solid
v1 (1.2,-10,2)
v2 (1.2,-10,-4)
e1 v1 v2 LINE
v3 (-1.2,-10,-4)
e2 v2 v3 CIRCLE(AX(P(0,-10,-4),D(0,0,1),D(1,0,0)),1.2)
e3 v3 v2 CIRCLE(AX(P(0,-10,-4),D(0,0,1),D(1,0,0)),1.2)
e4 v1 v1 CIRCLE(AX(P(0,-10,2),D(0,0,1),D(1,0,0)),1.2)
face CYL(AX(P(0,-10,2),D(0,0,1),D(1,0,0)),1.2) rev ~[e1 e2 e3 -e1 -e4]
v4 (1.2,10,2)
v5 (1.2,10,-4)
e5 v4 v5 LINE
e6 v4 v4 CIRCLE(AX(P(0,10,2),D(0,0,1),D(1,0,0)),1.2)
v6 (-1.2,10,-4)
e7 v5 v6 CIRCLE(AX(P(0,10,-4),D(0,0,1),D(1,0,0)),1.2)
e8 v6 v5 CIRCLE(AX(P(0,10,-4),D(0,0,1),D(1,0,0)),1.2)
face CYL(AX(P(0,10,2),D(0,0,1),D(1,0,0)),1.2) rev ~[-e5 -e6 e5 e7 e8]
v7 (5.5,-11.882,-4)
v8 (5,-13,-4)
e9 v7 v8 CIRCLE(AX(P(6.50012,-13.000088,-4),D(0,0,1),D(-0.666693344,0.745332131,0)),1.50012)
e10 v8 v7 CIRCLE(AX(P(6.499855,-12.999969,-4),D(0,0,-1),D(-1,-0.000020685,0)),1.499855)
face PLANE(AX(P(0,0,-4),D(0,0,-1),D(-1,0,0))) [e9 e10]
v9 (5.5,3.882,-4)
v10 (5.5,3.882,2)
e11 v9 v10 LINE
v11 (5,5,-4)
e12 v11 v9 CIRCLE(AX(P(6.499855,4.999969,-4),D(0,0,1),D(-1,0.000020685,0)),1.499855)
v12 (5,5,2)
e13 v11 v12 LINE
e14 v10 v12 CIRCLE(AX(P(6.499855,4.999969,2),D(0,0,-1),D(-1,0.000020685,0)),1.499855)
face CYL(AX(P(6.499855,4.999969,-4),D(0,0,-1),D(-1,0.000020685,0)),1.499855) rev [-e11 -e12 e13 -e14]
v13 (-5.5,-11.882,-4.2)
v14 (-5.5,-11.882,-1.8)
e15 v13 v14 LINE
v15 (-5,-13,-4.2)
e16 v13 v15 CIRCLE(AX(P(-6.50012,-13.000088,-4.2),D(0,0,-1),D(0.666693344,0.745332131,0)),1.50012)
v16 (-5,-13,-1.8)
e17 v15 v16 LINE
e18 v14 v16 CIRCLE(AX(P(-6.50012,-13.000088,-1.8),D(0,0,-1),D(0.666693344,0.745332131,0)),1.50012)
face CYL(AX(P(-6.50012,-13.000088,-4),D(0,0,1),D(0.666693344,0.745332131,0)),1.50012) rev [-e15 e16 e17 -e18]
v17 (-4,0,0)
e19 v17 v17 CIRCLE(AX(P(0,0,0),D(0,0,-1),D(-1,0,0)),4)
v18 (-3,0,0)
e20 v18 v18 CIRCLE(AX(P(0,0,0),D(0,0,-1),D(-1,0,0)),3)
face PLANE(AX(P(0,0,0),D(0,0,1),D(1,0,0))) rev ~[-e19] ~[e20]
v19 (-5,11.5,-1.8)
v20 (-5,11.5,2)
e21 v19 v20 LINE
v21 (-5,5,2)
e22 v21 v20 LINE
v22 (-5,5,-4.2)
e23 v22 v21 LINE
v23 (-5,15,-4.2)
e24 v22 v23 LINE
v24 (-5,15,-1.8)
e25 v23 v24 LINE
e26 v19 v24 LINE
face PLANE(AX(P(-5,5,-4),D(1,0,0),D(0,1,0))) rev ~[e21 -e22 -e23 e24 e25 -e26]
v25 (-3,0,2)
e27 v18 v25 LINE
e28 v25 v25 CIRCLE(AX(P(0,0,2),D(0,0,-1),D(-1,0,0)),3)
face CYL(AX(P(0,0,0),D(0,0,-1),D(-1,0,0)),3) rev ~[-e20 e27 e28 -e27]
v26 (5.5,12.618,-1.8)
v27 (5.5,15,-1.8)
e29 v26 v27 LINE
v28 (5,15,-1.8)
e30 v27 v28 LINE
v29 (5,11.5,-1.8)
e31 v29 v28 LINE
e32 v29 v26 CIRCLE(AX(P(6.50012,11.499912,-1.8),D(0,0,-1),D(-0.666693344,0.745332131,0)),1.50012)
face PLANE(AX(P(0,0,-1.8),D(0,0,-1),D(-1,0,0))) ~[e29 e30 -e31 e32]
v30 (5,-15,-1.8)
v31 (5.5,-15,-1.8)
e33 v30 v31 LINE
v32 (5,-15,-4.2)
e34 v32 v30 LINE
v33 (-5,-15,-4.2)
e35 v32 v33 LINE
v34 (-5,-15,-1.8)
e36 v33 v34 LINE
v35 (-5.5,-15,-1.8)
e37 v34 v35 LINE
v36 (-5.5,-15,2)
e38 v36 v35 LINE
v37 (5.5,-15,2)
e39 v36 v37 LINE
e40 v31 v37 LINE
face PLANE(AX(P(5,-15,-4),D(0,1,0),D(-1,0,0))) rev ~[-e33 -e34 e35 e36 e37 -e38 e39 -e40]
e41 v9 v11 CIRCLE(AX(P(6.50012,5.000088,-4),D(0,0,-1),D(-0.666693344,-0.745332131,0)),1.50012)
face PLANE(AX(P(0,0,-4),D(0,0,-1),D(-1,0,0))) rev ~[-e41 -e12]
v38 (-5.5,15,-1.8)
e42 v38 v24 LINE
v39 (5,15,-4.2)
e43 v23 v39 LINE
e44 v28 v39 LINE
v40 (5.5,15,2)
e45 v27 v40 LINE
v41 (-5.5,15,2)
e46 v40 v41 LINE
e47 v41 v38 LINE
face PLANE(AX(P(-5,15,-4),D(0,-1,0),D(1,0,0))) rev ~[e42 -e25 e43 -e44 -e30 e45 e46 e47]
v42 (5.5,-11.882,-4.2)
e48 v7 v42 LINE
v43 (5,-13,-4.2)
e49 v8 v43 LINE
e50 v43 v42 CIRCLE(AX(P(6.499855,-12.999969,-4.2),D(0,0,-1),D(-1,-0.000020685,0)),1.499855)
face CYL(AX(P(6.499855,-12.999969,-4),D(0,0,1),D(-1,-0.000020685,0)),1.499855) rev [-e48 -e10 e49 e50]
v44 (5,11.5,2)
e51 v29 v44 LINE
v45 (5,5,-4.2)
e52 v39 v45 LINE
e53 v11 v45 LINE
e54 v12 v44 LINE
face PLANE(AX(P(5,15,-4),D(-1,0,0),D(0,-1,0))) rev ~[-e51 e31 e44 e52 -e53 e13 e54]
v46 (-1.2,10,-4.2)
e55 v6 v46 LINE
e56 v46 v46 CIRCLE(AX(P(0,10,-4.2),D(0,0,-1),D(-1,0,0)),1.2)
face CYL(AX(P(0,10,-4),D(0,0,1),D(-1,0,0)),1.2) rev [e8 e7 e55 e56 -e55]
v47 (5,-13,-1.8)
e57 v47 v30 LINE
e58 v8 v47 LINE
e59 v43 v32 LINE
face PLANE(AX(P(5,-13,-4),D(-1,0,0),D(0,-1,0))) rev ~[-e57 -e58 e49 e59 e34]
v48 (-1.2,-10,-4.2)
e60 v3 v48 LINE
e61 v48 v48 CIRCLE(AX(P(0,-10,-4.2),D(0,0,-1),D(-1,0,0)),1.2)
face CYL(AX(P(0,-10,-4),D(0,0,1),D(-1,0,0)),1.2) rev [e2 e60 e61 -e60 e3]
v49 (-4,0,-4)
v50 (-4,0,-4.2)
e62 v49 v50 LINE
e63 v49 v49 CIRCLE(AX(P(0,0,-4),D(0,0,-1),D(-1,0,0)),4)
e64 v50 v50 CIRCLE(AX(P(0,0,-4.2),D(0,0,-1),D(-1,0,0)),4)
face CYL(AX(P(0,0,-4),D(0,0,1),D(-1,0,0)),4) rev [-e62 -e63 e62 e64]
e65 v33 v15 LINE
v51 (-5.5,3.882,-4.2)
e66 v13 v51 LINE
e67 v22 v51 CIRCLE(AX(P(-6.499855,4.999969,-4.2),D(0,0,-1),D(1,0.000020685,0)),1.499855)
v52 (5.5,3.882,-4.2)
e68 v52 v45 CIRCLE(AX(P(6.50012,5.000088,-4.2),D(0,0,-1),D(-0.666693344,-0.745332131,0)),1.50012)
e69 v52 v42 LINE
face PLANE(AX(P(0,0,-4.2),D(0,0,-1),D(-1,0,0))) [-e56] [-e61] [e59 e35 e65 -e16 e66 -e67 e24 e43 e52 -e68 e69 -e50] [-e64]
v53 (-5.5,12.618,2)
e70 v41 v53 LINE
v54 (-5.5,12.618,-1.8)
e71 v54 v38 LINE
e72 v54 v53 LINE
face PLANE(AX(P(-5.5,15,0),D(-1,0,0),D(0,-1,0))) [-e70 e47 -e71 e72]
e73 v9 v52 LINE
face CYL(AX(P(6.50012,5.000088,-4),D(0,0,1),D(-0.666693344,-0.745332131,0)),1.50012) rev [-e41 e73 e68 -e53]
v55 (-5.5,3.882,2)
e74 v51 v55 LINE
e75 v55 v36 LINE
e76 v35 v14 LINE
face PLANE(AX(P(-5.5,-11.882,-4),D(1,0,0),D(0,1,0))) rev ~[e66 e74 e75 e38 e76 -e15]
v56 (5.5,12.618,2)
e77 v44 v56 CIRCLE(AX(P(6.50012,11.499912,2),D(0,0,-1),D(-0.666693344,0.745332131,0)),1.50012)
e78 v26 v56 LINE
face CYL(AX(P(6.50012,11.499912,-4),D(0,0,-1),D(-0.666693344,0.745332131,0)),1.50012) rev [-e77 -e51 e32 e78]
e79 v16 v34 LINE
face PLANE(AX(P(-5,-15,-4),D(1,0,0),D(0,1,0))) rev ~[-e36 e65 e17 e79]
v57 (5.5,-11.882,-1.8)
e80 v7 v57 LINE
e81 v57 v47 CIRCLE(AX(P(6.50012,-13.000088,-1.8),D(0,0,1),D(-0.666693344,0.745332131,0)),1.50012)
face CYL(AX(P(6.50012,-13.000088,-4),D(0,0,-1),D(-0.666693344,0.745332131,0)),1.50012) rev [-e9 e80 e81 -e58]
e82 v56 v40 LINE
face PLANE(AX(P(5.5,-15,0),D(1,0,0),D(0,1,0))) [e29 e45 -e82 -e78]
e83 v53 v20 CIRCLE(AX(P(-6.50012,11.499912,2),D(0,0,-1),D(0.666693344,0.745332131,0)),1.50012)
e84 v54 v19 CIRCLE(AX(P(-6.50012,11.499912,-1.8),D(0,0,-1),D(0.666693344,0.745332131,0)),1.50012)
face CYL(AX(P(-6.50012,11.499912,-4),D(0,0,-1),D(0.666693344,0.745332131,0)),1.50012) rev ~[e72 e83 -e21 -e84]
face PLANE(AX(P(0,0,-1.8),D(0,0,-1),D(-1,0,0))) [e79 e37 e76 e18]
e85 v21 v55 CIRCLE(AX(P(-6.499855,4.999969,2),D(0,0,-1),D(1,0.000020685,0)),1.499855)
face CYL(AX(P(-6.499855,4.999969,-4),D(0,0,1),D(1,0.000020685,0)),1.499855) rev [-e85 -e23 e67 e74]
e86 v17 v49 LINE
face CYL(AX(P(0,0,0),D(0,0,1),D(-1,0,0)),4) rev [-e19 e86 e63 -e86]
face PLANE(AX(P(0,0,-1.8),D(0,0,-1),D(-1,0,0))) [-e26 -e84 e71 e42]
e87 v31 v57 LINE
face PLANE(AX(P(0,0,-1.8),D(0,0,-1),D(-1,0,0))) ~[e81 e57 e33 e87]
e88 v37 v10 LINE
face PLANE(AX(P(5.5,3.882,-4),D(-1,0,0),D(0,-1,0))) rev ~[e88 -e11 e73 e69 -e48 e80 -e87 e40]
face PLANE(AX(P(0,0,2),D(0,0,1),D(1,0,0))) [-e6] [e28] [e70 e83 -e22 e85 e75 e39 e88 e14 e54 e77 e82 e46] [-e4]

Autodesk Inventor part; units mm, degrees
ref_plane "YZ Plane" through (0, 0, 0) normal (1, 0, 0) x (0, 1, 0)
ref_plane "XZ Plane" through (0, 0, 0) normal (0, 1, 0) x (-1, 0, 0)
ref_plane "XY Plane" through (0, 0, 0) normal (0, 0, 1) x (1, 0, 0)
sketch "Sketch1" plane through (0, 0, 0) normal (0, 0, 1) x (1, 0, 0)
  line L0 (-5.5, -15) -> (5.5, -15)
  line L1 (5.5, -15) -> (5.5, 15)
  line L2 (5.5, 15) -> (-5.5, 15)
  line L3 (-5.5, 15) -> (-5.5, -15)
  line L4 (-5.5, -15) -> (5.5, 15) construction
  line L5 (5.5, -15) -> (-5.5, 15) construction
  circle A0 centre (0, 0) radius 3 projected
  circle A1 centre (0, 0) radius 3.7 projected
  dimension "d0" = 5.5
  dimension "d1" = 15
extrude "Extrusion1" add sketch "Sketch1" along normal blind 2 contours L3 L2 L1 L0 | A0 | A1
sketch "Sketch2" plane through (0, 0, 0) normal (0, 0, -1) x (-1, 0, 0)
  line L0 (5.5, -15) -> (-5.5, -15) projected
  line L1 (5.5, 15) -> (5.5, -15) projected
  line L2 (-5.5, 15) -> (5.5, 15) projected
  line L3 (-5.5, -15) -> (-5.5, 15) projected
  circle A0 centre (0, 0) radius 4 projected
extrude "Extrusion2" add sketch "Sketch2" along normal blind 4
sketch "Sketch3" plane through (0, 0, 2) normal (0, 0, 1) x (1, 0, 0)
  line L0 (-5.5, -15) -> (5.5, -15) projected
  line L1 (5.5, 15) -> (-5.5, 15) projected
  circle A0 centre (0, 10) radius 1.2
  circle A1 centre (0, -10) radius 1.2
  dimension "d6" = 2.4
  dimension "d7" = 2.4
  dimension "d8" = 5
  dimension "d9" = 5
extrude "Extrusion3" cut sketch "Sketch3" against normal blind 10
sketch "Sketch6" plane through (0, 0, -4) normal (0, 0, -1) x (-1, 0, 0)
  line L0 (-5.5, -15) -> (5.5, -15) projected
  line L1 (5.5, -15) -> (5.5, 15) projected
  line L2 (-5.5, 15) -> (-5.5, -15) projected
  line L3 (5.5, 12) -> (5.5, 13.2929) projected
  line L4 (5.5, -15) -> (5.5, -13.7071) projected
  line L5 (5.5, 12) -> (-5.5, 12)
  arc A0 (5, 5) -> (5.5, 3.882) centre (6.5, 5) ccw
  line L6 (5, 11.5) -> (5, 5)
  arc A1 (5.5, -12.3842) -> (5, -13.7071) centre (7, -13.7071) ccw
  line L7 (5, -13.7071) -> (5, -15)
  arc A2 (5.5, 12.618) -> (5, 11.5) centre (6.5, 11.5) ccw
  line L8 (5.5, 15) -> (-5.5, 15) projected
  dimension "d23" = 3
  dimension "d25" = 4
  dimension "d38" = 10
  dimension "d39" = 3.5
  dimension "d40" = 0.5
  dimension "d41" = 1.5
sketch "Sketch7" plane through (0, 0, -4) normal (0, 0, -1) x (-1, 0, 0)
  arc A0 (5.5, 12.8229) -> (5, 11.5) centre (7, 11.5) ccw projected
  line L0 (5.5, 15) -> (-5.5, 15) projected
  line L1 (-5.5, -15) -> (5.5, -15) projected
  line L2 (5.5, -15) -> (5.5, 15) projected
  line L3 (5, 5) -> (5, 11.5) projected
  line L4 (5, 11.5) -> (5, 15)
  arc A1 (5.5, -11.882) -> (5, -13) centre (6.5, -13) ccw
  line L5 (5, -13) -> (5, -15)
  line L6 (5, -15) -> (5.5, -15)
  line L7 (5.5, -15) -> (5.5, -11.882)
  line L8 (5.5, -15) -> (5.5, 15) projected
  line L9 (5, 15) -> (5.5, 15)
  line L10 (5.5, 15) -> (5.5, 12.8229)
  line L11 (5.5, 12.8229) -> (5.5, 11.5)
  line L12 (5.5, 11.5) -> (5.5, 10.597)
  line L13 (5.5, 10.597) -> (5, 10.597)
  line L14 (5, 10.597) -> (5, 11.5)
  point P0 (5.5, 3.6771)
  dimension "d29" = 3
  dimension "d30" = 2
  dimension "d51" = 0.5
extrude "Extrusion8" cut sketch "Sketch6" against normal blind 100 contours A2 L1 L5 | L5 L1 A0 L6 A2
extrude "Extrusion9" cut sketch "Sketch7" against normal blind 2.2
ref_plane "Work Plane1" through (0, -15, 2) normal (-1, 0, 0) x (0, 0, 1)
mirror "Mirror1" about plane through (0, -15, 2) normal (-1, 0, 0) of "Extrusion9", "Extrusion8"
sketch "Sketch8" plane through (0, 0, -4) normal (0, 0, -1) x (-1, 0, 0)
  circle A0 centre (0, 10) radius 1.2 projected
  circle A1 centre (0, -10) radius 1.2 projected
  circle A2 centre (0, 0) radius 4 projected
  line L0 (-5, 15) -> (-5, 5) projected
  arc A3 (-5.5, 3.882) -> (-5, 5) centre (-6.5, 5) ccw projected
  line L1 (-5.5, 3.882) -> (-5.5, -11.882) projected
  arc A4 (-5, -13) -> (-5.5, -11.882) centre (-6.5, -13) ccw projected
  line L2 (-5, -13) -> (-5, -15) projected
  line L3 (-5, -15) -> (5, -15) projected
  line L4 (5, -15) -> (5, -13) projected
  arc A5 (5.5, -11.882) -> (5, -13) centre (6.5, -13) ccw projected
  line L5 (5.5, -11.882) -> (5.5, 3.882) projected
  arc A6 (5, 5) -> (5.5, 3.882) centre (6.5, 5) ccw projected
  line L6 (5, 5) -> (5, 15) projected
  line L7 (5, 15) -> (-5, 15) projected
extrude "Extrusion10" add sketch "Sketch8" along normal blind 0.2
sketch "Sketch9" plane through (0, 0, 0) normal (0, 0, -1) x (-1, 0, 0)
  circle A0 centre (0, 0) radius 4 projected
  circle A1 centre (0, 0) radius 3
  dimension "d44" = 6
extrude "Extrusion11" cut sketch "Sketch9" against normal blind 100 contours A1
thread "Thread1" size "M3x0.5" class "6H" standard "ANSI Metric M Profile" full length
thread "Thread2" size "M3x0.5" class "6H" standard "ANSI Metric M Profile" full length
properties material "PAEK Plastic"
